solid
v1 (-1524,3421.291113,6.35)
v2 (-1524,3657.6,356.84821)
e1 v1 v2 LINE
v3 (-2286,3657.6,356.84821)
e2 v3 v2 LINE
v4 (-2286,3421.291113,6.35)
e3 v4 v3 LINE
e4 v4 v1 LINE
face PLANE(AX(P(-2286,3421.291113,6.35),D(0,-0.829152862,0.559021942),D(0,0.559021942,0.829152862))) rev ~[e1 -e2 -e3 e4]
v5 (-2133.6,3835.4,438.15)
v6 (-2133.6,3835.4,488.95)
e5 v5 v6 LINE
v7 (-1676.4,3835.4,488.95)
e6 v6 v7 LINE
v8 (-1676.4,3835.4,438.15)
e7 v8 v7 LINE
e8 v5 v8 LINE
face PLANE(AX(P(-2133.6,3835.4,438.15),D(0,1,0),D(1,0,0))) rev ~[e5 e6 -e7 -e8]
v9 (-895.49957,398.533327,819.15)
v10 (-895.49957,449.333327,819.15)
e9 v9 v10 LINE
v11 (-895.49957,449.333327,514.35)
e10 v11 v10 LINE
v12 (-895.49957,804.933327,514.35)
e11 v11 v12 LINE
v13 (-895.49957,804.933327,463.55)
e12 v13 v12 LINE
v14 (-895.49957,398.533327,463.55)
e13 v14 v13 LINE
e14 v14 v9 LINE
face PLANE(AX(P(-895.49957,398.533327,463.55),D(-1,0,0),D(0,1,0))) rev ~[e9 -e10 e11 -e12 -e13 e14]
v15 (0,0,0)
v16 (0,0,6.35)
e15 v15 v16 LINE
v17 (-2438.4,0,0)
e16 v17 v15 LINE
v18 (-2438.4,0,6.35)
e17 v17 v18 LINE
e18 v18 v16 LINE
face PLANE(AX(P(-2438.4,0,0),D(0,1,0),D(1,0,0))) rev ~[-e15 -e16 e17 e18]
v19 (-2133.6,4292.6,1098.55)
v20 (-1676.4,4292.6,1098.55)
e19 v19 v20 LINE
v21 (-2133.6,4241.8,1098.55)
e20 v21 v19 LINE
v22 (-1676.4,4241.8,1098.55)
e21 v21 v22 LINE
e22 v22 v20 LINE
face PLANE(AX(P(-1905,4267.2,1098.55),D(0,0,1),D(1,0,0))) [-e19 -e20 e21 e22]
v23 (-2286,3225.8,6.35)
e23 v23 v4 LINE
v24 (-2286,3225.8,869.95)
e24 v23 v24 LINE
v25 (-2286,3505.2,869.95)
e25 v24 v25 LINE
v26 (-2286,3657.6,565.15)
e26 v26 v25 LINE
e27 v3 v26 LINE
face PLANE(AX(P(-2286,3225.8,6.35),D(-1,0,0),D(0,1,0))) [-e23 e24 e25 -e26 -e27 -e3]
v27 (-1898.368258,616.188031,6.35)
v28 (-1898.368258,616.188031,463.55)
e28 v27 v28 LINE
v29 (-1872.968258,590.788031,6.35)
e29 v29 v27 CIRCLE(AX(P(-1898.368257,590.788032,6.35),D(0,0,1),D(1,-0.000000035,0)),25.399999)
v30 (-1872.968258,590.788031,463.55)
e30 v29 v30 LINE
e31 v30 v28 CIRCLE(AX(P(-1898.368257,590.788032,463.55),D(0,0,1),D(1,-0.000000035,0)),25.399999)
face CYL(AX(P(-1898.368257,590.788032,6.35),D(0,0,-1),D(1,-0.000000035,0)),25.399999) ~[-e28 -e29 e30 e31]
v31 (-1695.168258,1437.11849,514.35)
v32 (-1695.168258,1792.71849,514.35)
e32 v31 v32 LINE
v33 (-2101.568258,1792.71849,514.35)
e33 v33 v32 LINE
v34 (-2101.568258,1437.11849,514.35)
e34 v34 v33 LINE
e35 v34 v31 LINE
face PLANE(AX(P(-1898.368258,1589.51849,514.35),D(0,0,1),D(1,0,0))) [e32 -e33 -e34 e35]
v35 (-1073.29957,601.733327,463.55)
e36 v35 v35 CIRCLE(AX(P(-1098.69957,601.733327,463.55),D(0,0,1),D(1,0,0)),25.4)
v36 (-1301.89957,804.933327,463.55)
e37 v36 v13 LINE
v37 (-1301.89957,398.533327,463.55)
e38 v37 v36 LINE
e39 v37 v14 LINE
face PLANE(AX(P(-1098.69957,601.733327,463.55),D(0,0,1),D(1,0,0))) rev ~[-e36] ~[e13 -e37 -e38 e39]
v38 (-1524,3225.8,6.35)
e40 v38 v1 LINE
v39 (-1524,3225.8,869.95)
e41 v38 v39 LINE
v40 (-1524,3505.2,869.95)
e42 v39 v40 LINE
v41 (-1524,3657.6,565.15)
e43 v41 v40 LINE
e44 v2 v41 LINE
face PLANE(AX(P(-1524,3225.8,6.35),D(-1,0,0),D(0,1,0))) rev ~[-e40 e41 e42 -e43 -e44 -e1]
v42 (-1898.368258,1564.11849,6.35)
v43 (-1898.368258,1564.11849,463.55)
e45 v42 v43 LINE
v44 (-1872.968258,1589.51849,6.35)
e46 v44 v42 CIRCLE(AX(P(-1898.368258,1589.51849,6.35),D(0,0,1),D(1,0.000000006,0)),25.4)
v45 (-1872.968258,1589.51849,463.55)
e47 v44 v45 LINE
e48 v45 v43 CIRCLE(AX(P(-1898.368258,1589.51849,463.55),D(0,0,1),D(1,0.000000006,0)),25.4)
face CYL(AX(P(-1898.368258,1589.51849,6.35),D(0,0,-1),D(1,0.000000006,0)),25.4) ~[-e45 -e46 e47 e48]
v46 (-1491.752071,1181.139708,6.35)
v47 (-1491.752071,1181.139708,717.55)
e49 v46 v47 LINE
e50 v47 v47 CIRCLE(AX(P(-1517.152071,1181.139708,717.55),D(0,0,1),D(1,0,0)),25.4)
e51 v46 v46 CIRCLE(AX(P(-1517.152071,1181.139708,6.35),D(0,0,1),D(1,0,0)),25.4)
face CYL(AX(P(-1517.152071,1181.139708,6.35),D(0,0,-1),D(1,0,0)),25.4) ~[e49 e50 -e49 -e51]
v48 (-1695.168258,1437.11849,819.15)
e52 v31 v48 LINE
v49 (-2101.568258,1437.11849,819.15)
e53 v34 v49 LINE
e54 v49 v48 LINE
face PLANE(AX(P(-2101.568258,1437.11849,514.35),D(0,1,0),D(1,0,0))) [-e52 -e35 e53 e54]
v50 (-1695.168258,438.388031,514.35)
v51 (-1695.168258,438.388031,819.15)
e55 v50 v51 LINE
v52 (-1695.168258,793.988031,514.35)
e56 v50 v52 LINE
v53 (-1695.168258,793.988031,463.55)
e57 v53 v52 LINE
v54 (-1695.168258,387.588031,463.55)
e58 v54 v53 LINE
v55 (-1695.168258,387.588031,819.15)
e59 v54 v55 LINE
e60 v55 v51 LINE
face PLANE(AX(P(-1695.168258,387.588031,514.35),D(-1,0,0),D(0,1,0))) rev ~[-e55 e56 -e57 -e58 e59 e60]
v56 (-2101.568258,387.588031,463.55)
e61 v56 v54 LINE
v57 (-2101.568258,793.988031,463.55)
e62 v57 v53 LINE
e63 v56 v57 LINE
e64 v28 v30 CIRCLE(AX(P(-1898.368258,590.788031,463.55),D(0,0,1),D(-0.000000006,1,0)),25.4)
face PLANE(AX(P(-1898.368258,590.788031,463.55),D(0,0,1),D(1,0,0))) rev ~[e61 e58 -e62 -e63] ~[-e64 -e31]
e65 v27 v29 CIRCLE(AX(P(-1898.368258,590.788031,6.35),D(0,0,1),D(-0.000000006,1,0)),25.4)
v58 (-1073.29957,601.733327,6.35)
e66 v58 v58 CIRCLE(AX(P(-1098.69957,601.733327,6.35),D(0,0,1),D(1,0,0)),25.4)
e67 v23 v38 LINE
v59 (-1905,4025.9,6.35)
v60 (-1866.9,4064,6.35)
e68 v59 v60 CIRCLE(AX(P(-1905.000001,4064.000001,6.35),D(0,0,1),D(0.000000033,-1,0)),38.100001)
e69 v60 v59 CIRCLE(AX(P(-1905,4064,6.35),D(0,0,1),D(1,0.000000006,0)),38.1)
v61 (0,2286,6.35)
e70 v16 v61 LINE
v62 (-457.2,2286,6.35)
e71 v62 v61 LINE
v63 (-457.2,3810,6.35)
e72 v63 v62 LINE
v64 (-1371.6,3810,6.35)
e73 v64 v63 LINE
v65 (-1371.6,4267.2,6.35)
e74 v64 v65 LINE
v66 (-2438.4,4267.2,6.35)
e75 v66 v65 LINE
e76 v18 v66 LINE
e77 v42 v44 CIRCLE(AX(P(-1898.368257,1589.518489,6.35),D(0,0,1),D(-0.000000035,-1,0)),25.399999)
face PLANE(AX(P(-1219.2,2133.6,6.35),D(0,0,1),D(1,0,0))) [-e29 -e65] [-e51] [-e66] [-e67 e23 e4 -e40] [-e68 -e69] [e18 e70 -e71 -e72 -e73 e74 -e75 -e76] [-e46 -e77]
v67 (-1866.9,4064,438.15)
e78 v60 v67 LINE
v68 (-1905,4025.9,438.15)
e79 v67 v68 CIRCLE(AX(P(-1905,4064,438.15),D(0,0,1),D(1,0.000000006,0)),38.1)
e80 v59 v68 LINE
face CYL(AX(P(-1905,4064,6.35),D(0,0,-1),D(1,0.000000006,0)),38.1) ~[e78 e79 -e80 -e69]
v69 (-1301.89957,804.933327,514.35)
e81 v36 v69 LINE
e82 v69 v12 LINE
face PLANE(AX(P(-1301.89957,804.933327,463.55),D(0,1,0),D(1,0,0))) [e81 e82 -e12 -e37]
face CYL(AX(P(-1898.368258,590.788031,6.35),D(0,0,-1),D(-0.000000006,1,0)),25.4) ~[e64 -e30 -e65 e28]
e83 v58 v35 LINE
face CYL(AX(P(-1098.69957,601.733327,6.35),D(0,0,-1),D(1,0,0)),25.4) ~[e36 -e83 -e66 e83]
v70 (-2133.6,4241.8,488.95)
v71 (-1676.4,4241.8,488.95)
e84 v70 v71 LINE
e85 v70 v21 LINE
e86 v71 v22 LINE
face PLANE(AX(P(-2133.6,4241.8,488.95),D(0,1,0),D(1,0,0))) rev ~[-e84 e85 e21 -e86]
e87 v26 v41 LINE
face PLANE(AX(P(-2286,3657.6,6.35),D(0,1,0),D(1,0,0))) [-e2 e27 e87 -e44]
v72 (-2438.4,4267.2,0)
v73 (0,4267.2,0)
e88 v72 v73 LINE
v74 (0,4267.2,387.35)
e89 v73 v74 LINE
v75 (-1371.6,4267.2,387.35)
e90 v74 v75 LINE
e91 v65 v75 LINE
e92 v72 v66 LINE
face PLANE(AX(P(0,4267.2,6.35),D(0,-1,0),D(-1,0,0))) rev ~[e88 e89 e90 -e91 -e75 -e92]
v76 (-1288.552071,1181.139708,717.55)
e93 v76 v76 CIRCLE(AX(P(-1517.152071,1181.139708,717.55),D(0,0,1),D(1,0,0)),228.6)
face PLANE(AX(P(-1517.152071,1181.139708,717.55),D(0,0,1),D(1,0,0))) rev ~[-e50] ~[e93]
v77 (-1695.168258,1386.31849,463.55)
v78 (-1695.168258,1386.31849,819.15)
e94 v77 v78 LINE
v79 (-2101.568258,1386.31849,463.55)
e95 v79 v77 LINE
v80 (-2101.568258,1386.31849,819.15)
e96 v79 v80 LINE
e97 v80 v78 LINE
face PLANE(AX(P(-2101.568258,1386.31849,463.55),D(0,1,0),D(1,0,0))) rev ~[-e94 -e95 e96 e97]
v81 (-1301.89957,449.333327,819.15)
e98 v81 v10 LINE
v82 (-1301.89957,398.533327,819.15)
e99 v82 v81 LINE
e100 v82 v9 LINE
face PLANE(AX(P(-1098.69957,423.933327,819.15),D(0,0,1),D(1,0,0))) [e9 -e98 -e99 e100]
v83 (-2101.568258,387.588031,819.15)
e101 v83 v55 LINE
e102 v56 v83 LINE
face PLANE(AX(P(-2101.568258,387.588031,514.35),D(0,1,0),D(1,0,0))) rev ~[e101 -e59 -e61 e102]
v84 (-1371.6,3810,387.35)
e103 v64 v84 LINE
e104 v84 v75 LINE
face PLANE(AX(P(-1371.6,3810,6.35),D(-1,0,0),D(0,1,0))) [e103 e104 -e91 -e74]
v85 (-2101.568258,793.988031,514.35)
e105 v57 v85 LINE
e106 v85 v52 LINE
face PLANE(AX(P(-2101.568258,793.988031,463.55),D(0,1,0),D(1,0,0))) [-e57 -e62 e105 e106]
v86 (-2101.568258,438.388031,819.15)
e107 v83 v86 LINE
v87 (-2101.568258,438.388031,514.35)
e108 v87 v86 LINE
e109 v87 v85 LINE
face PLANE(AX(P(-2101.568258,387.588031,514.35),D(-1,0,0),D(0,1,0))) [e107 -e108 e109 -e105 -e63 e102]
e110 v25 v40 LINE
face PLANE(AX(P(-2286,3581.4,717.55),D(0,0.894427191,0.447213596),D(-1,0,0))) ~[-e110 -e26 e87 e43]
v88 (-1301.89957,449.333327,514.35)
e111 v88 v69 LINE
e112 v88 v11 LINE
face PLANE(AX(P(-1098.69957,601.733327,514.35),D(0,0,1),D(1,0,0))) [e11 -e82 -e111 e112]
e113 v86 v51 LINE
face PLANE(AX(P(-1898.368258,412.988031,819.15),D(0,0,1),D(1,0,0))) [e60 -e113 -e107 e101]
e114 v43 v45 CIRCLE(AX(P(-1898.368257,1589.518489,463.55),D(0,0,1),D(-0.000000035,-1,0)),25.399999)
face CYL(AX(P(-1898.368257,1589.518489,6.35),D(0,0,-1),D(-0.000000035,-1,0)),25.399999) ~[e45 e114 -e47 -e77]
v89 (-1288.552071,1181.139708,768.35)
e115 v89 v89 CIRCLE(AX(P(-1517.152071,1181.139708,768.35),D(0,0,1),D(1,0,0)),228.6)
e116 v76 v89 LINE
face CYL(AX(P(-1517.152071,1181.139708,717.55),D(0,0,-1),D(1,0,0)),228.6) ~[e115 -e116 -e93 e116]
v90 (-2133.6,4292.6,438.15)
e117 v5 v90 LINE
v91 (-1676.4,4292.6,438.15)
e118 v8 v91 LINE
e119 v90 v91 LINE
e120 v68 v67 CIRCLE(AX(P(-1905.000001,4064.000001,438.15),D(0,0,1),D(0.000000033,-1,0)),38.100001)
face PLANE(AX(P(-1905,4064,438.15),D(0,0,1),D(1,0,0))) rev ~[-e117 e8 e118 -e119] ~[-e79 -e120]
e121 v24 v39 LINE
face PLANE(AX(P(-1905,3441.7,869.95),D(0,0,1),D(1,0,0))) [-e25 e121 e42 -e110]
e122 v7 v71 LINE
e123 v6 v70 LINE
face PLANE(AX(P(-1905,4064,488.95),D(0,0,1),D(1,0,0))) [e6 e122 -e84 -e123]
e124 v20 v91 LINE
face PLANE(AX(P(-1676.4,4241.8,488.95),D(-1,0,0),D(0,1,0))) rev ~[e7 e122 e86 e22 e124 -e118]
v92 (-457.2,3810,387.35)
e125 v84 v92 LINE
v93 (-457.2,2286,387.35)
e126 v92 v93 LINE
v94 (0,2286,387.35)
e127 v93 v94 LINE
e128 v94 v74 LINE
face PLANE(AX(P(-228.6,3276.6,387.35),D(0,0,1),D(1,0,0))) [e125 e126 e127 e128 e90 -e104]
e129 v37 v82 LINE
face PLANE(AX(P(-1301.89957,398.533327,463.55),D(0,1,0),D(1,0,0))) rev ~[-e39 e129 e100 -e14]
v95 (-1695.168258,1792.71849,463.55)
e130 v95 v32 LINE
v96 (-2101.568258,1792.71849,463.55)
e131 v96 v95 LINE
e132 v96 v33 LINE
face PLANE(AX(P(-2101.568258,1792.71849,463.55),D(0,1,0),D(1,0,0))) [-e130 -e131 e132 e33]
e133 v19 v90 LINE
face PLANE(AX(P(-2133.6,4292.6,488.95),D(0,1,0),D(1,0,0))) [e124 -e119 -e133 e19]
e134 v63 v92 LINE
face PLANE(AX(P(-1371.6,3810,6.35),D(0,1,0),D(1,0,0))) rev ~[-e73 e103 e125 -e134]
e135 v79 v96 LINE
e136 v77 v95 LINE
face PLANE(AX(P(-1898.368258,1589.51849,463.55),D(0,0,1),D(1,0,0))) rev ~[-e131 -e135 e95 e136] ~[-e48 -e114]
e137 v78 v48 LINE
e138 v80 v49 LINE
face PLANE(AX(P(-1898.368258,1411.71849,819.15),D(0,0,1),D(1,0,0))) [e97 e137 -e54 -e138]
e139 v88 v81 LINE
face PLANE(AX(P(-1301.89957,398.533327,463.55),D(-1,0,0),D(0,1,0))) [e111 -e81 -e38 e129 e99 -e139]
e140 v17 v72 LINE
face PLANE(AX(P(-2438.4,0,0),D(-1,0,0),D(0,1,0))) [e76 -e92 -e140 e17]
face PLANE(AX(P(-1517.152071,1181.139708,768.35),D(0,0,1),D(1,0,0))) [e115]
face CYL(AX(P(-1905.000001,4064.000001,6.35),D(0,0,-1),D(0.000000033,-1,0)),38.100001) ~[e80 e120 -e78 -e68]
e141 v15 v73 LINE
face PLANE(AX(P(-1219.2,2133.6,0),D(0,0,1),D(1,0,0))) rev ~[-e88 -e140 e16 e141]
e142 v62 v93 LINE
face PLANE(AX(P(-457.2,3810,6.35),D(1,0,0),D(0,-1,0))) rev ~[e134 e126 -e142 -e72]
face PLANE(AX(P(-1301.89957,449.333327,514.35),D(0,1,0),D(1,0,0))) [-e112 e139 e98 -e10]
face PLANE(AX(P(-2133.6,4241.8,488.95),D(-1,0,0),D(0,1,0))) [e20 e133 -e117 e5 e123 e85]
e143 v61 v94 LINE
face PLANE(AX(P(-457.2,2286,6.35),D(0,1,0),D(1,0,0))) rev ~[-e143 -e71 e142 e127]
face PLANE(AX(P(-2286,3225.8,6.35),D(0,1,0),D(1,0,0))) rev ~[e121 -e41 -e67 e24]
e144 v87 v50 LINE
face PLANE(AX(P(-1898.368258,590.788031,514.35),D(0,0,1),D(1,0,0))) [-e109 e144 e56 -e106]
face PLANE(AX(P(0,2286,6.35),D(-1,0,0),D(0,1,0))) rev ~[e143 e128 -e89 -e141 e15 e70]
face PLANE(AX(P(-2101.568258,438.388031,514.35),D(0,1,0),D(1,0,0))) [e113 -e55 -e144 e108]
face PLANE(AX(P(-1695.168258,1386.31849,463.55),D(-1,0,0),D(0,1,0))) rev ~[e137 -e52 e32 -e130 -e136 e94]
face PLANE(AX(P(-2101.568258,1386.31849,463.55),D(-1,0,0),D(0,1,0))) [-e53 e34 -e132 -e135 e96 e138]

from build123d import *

# Parameters (mm, degrees)
F0_W      = 2438.4
F0_H      = 4267.2
F1_DEPTH  = 6.35
F2_W      = 914.4
F2_H      = 457.2
F3_DEPTH  = 381
F4_W      = 762
F4_H      = 431.8
F5_DEPTH  = 863.6
F6_SIZE2  = 152.4
F6_SIZE   = 304.8
F8_DEPTH  = 762
F10_DEPTH = 431.8
F11_W     = 457.2
F11_H     = 457.2
F12_DEPTH = 50.8
F13_W     = 457.2
F13_H     = 50.8
F14_DEPTH = 609.6
F15_R     = 25.4
F16_DEPTH = 457.2
F17_W     = 406.4
F17_H     = 406.4
F18_DEPTH = 50.8
F19_W     = 406.4
F19_H     = 50.8
F20_DEPTH = 304.8
F21_R     = 25.4
F22_DEPTH = 711.2
F23_R     = 228.6
F24_DEPTH = 50.8


with BuildPart() as f1:
    # F0 (on Top) → F1 (new body)
    with BuildSketch(Plane.XY):
        with Locations((-1219.2, 2133.6)):
            Rectangle(F0_W, F0_H)
    extrude(amount=F1_DEPTH)

    # F2 (on face) → F3 (join)
    with BuildSketch(Plane.XY.offset(6.35)):
        Polygon((0, 2286), (0, 4267.2), (-457.2, 4267.2), (-457.2, 3810), (-457.2, 2286), align=None)
        with Locations((-914.4, 4038.6)):
            Rectangle(F2_W, F2_H)
    extrude(amount=F3_DEPTH)

    # F4 (on face) → F5 (join)
    with BuildSketch(Plane.XY.offset(6.35)):
        with Locations((-1905, 3441.7)):
            Rectangle(F4_W, F4_H)
    extrude(amount=F5_DEPTH)

    # F6
    f6_edges = [f1.edges().sort_by_distance(p)[0] for p in [
        (-1905, 3657.6, 869.95),
    ]]
    chamfer(f6_edges, length=F6_SIZE, length2=F6_SIZE2)

    # F7 (on face) → F8 (cut)
    with BuildSketch(Plane(origin=(-2286, 0, 0), x_dir=(0, -1, 0), z_dir=(-1, 0, 0))):
        Polygon((-3421.291113, 6.35), (-3657.6, 356.84821), (-3657.6, 6.35), align=None)
    extrude(amount=-F8_DEPTH, mode=Mode.SUBTRACT)

    # F9 (on face) → F10 (join)
    with BuildSketch(Plane.XY.offset(6.35)):
        with BuildLine():
            ThreePointArc((-1905, 4025.9), (-1878.059232, 4037.059232), (-1866.9, 4064))
            ThreePointArc((-1866.9, 4064), (-1931.940768, 4090.940768), (-1905, 4025.9))
        make_face()
    extrude(amount=F10_DEPTH)

    # F11 (on face) → F12 (join)
    with BuildSketch(Plane.XY.offset(438.15)):
        with Locations((-1905, 4064)):
            Rectangle(F11_W, F11_H)
    extrude(amount=F12_DEPTH)

    # F13 (on face) → F14 (join)
    with BuildSketch(Plane.XY.offset(488.95)):
        with Locations((-1905, 4267.2)):
            Rectangle(F13_W, F13_H)
    extrude(amount=F14_DEPTH)

    # F15 (on face) → F16 (join)
    with BuildSketch(Plane.XY.offset(6.35)):
        with BuildLine():
            ThreePointArc((-1898.368258, 1564.11849), (-1880.407746, 1571.557977), (-1872.968258, 1589.51849))
            ThreePointArc((-1872.968258, 1589.51849), (-1916.32877, 1607.479002), (-1898.368258, 1564.11849))
        make_face()
        with BuildLine():
            ThreePointArc((-1872.968258, 590.788031), (-1880.407746, 608.748544), (-1898.368258, 616.188031))
            ThreePointArc((-1898.368258, 616.188031), (-1916.32877, 572.827519), (-1872.968258, 590.788031))
        make_face()
        with Locations((-1098.69957, 601.733327)):
            Circle(F15_R)
    extrude(amount=F16_DEPTH)

    # F17 (on face) → F18 (join)
    with BuildSketch(Plane.XY.offset(463.55)):
        with Locations((-1898.368258, 1589.51849)):
            Rectangle(F17_W, F17_H)
        with Locations((-1898.368258, 590.788031)):
            Rectangle(F17_W, F17_H)
        with Locations((-1098.69957, 601.733327)):
            Rectangle(F17_W, F17_H)
    extrude(amount=F18_DEPTH)

    # F19 (on face) → F20 (join)
    with BuildSketch(Plane.XY.offset(514.35)):
        with Locations((-1898.368258, 412.988031)):
            Rectangle(F19_W, F19_H)
        with Locations((-1098.69957, 423.933327)):
            Rectangle(F19_W, F19_H)
        with Locations((-1898.368258, 1411.71849)):
            Rectangle(F19_W, F19_H)
    extrude(amount=F20_DEPTH)

    # F21 (on face) → F22 (join)
    with BuildSketch(Plane.XY.offset(6.35)):
        with Locations((-1517.152071, 1181.139708)):
            Circle(F21_R)
    extrude(amount=F22_DEPTH)

    # F23 (on face) → F24 (join)
    with BuildSketch(Plane.XY.offset(717.55)):
        with Locations((-1517.152071, 1181.139708)):
            Circle(F23_R)
    extrude(amount=F24_DEPTH)


solid = f1.part
